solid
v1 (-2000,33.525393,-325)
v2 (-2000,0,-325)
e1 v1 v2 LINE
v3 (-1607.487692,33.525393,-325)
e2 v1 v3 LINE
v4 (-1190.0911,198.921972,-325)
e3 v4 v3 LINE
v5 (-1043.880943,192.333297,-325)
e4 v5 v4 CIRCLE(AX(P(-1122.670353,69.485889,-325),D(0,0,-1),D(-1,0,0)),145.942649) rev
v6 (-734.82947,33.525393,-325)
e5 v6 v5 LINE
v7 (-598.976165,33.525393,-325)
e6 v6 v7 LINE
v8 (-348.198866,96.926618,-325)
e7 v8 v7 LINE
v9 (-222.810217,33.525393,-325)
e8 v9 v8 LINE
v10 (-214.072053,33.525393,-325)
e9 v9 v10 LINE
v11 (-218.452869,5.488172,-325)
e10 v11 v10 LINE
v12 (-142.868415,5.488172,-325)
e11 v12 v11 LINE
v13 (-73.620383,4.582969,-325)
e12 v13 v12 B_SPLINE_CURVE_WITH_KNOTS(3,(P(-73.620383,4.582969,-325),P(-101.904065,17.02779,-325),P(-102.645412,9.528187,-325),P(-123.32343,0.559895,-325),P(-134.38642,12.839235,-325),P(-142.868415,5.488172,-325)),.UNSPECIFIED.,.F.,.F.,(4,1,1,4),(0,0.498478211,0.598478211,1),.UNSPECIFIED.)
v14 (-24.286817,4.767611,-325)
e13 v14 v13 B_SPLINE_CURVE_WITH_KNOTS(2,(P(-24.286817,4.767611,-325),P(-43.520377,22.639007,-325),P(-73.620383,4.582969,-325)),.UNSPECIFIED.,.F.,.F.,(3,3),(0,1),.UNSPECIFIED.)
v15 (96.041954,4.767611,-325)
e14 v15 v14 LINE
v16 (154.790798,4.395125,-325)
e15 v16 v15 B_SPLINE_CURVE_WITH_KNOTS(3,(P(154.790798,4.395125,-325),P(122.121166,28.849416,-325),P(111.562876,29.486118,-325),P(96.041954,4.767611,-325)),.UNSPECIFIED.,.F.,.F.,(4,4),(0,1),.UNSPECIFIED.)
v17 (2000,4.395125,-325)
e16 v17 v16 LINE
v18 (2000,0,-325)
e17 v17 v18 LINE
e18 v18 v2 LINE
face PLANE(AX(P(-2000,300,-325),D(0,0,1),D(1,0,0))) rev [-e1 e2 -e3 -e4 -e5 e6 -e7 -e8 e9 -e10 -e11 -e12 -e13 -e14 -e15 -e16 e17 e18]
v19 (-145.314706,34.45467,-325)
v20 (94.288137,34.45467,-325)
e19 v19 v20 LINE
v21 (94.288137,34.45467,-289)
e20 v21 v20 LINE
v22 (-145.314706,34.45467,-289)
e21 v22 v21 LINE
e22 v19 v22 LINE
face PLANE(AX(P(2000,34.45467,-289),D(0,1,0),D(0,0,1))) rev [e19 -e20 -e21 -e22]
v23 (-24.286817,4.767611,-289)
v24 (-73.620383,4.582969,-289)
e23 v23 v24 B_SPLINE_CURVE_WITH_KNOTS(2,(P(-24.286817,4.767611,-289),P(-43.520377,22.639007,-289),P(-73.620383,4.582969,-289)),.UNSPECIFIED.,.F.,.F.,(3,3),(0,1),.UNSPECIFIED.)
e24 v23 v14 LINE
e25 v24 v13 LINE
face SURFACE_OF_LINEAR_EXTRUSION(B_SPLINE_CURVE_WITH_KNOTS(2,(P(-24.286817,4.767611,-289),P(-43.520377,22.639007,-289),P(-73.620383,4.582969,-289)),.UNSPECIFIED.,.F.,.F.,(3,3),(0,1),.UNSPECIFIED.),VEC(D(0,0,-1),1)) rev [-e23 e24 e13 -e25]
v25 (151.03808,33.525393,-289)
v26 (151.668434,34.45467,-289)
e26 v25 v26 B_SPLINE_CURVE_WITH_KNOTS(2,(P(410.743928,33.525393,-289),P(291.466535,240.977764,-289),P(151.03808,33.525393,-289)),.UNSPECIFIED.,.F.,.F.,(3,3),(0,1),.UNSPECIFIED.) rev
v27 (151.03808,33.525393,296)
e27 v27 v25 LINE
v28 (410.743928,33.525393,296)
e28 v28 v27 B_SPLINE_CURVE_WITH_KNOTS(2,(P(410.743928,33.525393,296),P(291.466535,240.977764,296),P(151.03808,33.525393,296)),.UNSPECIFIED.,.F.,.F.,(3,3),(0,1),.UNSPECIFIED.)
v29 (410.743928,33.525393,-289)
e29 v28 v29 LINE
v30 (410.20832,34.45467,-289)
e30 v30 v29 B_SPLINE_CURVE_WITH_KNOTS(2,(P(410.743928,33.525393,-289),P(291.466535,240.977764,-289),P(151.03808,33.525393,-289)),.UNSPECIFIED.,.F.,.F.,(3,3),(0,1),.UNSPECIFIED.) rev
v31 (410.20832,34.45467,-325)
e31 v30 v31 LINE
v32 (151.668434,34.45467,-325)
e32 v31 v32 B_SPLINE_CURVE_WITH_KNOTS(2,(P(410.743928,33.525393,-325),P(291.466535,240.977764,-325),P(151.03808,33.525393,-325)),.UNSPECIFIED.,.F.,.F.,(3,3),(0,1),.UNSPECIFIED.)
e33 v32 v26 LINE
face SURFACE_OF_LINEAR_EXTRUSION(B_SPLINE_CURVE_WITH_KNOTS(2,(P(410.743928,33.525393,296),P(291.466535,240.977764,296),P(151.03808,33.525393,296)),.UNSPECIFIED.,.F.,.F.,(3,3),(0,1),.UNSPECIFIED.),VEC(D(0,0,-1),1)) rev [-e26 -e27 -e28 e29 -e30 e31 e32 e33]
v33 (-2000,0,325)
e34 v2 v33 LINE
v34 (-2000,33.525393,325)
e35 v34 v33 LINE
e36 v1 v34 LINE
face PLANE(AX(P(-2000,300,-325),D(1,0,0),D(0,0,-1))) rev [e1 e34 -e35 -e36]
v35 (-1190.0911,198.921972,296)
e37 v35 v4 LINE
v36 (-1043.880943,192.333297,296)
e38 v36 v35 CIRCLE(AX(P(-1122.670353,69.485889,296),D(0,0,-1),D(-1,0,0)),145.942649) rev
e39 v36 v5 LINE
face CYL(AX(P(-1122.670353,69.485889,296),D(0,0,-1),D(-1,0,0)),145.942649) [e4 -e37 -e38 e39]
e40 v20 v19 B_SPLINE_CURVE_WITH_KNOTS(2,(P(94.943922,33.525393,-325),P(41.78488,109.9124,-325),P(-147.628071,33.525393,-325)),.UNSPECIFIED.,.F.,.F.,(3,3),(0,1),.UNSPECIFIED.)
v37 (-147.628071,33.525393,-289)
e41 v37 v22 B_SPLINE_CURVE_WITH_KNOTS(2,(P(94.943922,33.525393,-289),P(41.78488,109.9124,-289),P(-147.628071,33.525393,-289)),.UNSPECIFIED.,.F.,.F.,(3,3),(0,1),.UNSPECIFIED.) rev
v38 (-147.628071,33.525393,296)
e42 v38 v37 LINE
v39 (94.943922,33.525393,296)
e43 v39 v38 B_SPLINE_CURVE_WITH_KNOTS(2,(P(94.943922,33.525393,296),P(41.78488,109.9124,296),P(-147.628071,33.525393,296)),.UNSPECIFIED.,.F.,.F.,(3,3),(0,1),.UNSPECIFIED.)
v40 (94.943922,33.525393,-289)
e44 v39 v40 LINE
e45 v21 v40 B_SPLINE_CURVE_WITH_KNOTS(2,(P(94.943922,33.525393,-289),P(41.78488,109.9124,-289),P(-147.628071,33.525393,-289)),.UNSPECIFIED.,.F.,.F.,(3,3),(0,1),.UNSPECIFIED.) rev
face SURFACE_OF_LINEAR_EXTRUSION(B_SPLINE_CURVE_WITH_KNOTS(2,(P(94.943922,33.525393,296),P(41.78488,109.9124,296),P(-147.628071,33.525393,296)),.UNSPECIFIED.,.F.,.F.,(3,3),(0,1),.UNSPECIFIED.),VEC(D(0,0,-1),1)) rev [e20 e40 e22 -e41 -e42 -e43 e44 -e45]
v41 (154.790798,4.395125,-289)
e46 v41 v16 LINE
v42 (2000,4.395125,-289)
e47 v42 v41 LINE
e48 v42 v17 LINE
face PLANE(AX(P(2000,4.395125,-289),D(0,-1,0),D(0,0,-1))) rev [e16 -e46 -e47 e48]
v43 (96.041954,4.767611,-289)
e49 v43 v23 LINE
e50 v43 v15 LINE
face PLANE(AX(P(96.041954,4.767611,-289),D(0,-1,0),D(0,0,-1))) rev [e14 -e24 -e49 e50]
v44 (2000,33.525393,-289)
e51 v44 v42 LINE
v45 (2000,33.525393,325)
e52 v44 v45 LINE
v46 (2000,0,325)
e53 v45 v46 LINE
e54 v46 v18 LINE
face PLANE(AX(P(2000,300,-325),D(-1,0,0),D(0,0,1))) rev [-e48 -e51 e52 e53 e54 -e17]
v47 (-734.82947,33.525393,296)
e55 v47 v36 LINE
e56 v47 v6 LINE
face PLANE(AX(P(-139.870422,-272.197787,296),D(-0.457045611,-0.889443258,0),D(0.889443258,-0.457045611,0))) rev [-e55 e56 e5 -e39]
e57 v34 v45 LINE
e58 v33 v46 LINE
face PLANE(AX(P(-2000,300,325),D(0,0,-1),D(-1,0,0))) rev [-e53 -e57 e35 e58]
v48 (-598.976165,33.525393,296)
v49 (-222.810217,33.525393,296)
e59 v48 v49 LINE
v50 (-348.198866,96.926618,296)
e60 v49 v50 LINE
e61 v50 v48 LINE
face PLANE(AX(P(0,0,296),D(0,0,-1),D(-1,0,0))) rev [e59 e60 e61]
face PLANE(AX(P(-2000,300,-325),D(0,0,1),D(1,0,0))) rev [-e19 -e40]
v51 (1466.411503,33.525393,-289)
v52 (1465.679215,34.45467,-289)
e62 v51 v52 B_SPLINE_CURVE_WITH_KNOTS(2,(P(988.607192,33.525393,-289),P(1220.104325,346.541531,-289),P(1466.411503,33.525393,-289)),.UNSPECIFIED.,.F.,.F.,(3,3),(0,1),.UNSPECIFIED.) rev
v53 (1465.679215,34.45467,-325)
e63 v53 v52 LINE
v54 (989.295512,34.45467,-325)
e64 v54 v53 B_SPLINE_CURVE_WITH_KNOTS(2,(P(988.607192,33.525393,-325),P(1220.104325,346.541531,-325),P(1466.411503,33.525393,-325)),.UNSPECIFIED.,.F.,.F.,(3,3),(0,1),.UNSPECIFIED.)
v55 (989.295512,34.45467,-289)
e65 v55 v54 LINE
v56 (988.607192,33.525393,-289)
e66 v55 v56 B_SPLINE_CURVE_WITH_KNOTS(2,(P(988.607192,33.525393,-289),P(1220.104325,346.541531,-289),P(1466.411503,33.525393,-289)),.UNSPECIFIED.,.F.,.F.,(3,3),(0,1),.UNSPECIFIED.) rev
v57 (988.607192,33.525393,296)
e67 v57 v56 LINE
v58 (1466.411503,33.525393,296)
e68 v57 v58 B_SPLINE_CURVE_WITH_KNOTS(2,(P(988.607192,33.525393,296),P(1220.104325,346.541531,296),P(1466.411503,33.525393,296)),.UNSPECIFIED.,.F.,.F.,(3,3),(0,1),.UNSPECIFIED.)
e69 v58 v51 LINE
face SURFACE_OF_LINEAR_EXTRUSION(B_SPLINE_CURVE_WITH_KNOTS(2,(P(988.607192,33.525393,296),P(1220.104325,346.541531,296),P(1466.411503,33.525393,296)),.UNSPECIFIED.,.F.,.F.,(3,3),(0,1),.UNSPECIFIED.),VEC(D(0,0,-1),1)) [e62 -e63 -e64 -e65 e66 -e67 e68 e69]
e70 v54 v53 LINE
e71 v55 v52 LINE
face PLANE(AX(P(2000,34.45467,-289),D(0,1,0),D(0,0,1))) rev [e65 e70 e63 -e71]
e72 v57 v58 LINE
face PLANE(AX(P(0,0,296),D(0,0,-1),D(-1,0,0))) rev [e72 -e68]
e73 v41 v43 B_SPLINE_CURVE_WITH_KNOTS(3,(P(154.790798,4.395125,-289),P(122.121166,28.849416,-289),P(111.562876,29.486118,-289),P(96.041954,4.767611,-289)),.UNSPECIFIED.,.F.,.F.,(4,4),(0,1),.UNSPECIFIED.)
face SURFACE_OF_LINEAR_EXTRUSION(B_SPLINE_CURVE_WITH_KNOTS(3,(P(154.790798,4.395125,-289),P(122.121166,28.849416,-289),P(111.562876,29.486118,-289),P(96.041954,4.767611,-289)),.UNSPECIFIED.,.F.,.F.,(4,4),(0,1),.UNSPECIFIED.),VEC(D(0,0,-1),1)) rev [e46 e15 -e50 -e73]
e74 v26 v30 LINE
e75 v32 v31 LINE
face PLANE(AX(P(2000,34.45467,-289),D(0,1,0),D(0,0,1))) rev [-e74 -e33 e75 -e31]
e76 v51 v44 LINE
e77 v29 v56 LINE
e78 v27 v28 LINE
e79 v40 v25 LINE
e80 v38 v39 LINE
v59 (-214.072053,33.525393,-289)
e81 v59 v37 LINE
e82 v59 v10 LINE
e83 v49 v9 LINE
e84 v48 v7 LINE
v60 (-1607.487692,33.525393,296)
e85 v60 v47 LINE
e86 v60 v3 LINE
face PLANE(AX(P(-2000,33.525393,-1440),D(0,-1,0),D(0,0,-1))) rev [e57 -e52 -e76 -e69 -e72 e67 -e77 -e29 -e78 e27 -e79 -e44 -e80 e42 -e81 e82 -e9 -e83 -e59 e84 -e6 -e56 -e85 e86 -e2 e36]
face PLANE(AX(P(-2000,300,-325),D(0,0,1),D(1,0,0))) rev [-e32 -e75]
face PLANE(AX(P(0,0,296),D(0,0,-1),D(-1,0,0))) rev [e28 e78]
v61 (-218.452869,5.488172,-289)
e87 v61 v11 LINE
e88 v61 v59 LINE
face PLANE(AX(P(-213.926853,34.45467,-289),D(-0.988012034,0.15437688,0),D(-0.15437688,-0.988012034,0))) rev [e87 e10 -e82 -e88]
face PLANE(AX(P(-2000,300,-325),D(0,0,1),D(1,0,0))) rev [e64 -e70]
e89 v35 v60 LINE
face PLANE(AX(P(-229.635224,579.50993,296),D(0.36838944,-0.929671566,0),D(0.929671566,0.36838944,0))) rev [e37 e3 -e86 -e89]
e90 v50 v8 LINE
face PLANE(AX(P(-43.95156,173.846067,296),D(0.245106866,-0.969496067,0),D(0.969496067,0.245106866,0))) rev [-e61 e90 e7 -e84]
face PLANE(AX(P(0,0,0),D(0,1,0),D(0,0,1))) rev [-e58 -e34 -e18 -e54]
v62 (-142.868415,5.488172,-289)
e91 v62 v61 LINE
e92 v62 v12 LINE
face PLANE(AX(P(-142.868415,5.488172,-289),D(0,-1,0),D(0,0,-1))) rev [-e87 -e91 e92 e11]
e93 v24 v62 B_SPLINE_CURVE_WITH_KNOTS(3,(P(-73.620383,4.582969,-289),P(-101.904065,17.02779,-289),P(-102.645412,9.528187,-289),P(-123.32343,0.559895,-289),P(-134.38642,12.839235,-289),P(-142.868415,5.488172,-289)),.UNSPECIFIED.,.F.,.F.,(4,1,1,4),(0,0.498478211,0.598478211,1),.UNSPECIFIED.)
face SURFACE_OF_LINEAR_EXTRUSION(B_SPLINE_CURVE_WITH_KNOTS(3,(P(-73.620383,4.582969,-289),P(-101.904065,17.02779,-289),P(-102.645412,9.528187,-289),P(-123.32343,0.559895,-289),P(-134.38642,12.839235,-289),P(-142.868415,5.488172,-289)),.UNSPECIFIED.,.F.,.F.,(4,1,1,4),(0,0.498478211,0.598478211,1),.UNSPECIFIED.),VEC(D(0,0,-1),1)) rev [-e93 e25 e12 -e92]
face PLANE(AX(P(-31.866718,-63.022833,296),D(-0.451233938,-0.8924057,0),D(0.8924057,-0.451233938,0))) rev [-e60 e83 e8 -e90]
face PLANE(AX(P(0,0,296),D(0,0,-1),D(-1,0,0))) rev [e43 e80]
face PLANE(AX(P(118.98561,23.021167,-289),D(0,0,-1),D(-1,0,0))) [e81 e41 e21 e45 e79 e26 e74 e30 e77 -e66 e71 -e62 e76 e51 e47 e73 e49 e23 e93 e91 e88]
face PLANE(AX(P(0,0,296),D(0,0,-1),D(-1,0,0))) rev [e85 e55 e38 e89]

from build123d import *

# Parameters (mm, degrees)
SKETCH1_W           = 4000
SKETCH1_H           = 650
BOSS_EXTRUDE1_DEPTH = 300
CUT_EXTRUDE3_DEPTH  = 333
CUT_EXTRUDE4_DEPTH  = 333
SKETCH7_W           = 4176.612748617
SKETCH7_H           = 878.539936904
CUT_EXTRUDE5_DEPTH  = 1765
BOSS_EXTRUDE2_DEPTH = 621
CUT_EXTRUDE2_DEPTH  = 36
SKETCH9_W           = 176.354899095
SKETCH9_H           = 70.962636727
CUT_EXTRUDE6_DEPTH  = 1243


with BuildPart() as part:
    # Sketch1 → Boss-Extrude1 (new body)
    with BuildSketch(Plane(origin=(0, 0, 0), x_dir=(1, 0, 0), z_dir=(0, 1, 0))):
        Rectangle(SKETCH1_W, SKETCH1_H)
    extrude(amount=BOSS_EXTRUDE1_DEPTH)

    # Sketch4 → Cut-Extrude3 (cut)
    with BuildSketch(Plane.XY.offset(325)):
        with BuildLine():
            Line((-2000, 42), (-1023.920441049, 42))
            add(Edge.make_bspline(
                [(-1023.920441049, 42), (-625.596073389, 421.290119466), (-564.500559645, 42), (-394.069004627, 42)],
                knots=[0, 0, 0, 0, 1, 1, 1, 1], degree=3))
            Line((-394.069004627, 42), (77.281429251, 42))
            add(Edge.make_bspline(
                [(77.281429251, 42), (384.820845821, 379.875880114), (804.142903292, 42.162527318)],
                knots=[0, 0, 0, 1, 1, 1], degree=2))
            add(Edge.make_bspline(
                [(804.142903292, 42.162527318), (1120.560926985, 359.520052232), (1155.923131209, 42), (1331.813245168, 42)],
                knots=[0, 0, 0, 0, 1, 1, 1, 1], degree=3))
            Line((1331.813245168, 42), (2000, 42))
            Line((2000, 42), (2000, 300))
            Line((2000, 300), (-2000, 300))
            Line((-2000, 300), (-2000, 42))
        make_face()
    extrude(amount=-CUT_EXTRUDE3_DEPTH, mode=Mode.SUBTRACT)

    # Sketch6 → Cut-Extrude4 (cut)
    with BuildSketch(Plane(origin=(0, 0, -325), x_dir=(-1, 0, 0), z_dir=(0, 0, -1))):
        with BuildLine():
            Line((-2000, 42), (-1446.05727282, 42))
            add(Edge.make_bspline(
                [(-1446.05727282, 42), (-1028.485172915, 427.490568143), (-723.10412717, 43.749887322)],
                knots=[0, 0, 0, 1, 1, 1], degree=2))
            Line((-723.10412717, 43.749887322), (89.99607078, 43.749887322))
            add(Edge.make_bspline(
                [(89.99607078, 43.749887322), (269.67433471, 358.502210653), (843.089835557, 43.749887322)],
                knots=[0, 0, 0, 1, 1, 1], degree=2))
            add(Edge.make_bspline(
                [(843.089835557, 43.749887322), (1192.189018248, 462.039061907), (1476.297158589, 43.749887322)],
                knots=[0, 0, 0, 1, 1, 1], degree=2))
            Line((1476.297158589, 43.749887322), (2000, 42))
            Line((2000, 42), (2000, 300))
            Line((2000, 300), (-2000, 300))
            Line((-2000, 300), (-2000, 42))
        make_face()
    extrude(amount=-CUT_EXTRUDE4_DEPTH, mode=Mode.SUBTRACT)

    # Sketch7 → Cut-Extrude5 (cut)
    with BuildSketch(Plane.XY.offset(325)):
        with Locations((88.306374309, 472.795361716)):
            Rectangle(SKETCH7_W, SKETCH7_H)
    extrude(amount=-CUT_EXTRUDE5_DEPTH, mode=Mode.SUBTRACT)

    # Sketch8 → Boss-Extrude2 (add)
    with BuildSketch(Plane(origin=(0, 0, -325), x_dir=(-1, 0, 0), z_dir=(0, 0, -1))):
        with BuildLine():
            Line((-1466.411502922, 33.525393264), (-988.607191526, 33.525393264))
            add(Edge.make_bspline(
                [(-988.607191526, 33.525393264), (-1220.104325428, 346.541530652), (-1466.411502922, 33.525393264)],
                knots=[0, 0, 0, 1, 1, 1], degree=2))
        make_face()
        with BuildLine():
            Line((-410.743928037, 33.525393264), (-151.038080393, 33.525393264))
            add(Edge.make_bspline(
                [(-410.743928037, 33.525393264), (-291.466535424, 240.977763656), (-151.038080393, 33.525393264)],
                knots=[0, 0, 0, 1, 1, 1], degree=2))
        make_face()
        with BuildLine():
            Line((-615.129598905, 33.525393264), (-449.639529972, 33.525393264))
            add(Edge.make_bspline(
                [(-615.129598905, 33.525393264), (-519.506305291, 140.143472245), (-449.639529972, 33.525393264)],
                knots=[0, 0, 0, 1, 1, 1], degree=2))
        make_face()
        with BuildLine():
            Line((-94.943921992, 33.525393264), (147.62807094, 33.525393264))
            add(Edge.make_bspline(
                [(-94.943921992, 33.525393264), (-41.784880201, 109.912399552), (147.62807094, 33.525393264)],
                knots=[0, 0, 0, 1, 1, 1], degree=2))
        make_face()
        Polygon((348.198866267, 96.926617606), (222.810217102, 33.525393264), (598.976164599, 33.525393264), align=None)
        with BuildLine():
            Line((1043.880942781, 192.333296754), (734.829470359, 33.525393264))
            Line((734.829470359, 33.525393264), (1607.487691917, 33.525393264))
            Line((1607.487691917, 33.525393264), (1190.091100426, 198.921972194))
            ThreePointArc((1190.091100426, 198.921972194), (1116.100399875, 215.280581972), (1043.880942781, 192.333296754))
        make_face()
    extrude(amount=-BOSS_EXTRUDE2_DEPTH)

    # Sketch3 → Cut-Extrude2 (cut)
    with BuildSketch(Plane(origin=(0, 0, -325), x_dir=(-1, 0, 0), z_dir=(0, 0, -1))):
        with BuildLine():
            Line((-2000, 4.395124569), (-154.790798, 4.395124569))
            add(Edge.make_bspline(
                [(-154.790798, 4.395124569), (-122.121165819, 28.84941573), (-111.562876496, 29.486117766), (-96.041953686, 4.767611069)],
                knots=[0, 0, 0, 0, 1, 1, 1, 1], degree=3))
            Line((-96.041953686, 4.767611069), (24.286817383, 4.767611069))
            add(Edge.make_bspline(
                [(24.286817383, 4.767611069), (43.520377225, 22.639006885), (73.620382864, 4.582969303)],
                knots=[0, 0, 0, 1, 1, 1], degree=2))
            add(Edge.make_bspline(
                [(73.620382864, 4.582969303), (101.904065398, 17.027789618), (102.645412237, 9.528187349), (123.323430354, 0.559894652), (134.386420176, 12.839234646), (142.868415145, 5.48817234)],
                knots=[0, 0, 0, 0, 0.498478211, 0.598478211, 1, 1, 1, 1], degree=3))
            Line((142.868415145, 5.48817234), (218.45286868, 5.48817234))
            Line((218.45286868, 5.48817234), (213.926853499, 34.454669503))
            Line((213.926853499, 34.454669503), (-2000, 34.454669503))
            Line((-2000, 34.454669503), (-2000, 4.395124569))
        make_face()
    extrude(amount=-CUT_EXTRUDE2_DEPTH, mode=Mode.SUBTRACT)

    # Sketch9 → Cut-Extrude6 (cut)
    with BuildSketch(Plane(origin=(0, 0, -325), x_dir=(-1, 0, 0), z_dir=(0, 0, -1))):
        with Locations((-526.952149358, 69.006711628)):
            Rectangle(SKETCH9_W, SKETCH9_H)
    extrude(amount=-CUT_EXTRUDE6_DEPTH, mode=Mode.SUBTRACT)


solid = part.part
